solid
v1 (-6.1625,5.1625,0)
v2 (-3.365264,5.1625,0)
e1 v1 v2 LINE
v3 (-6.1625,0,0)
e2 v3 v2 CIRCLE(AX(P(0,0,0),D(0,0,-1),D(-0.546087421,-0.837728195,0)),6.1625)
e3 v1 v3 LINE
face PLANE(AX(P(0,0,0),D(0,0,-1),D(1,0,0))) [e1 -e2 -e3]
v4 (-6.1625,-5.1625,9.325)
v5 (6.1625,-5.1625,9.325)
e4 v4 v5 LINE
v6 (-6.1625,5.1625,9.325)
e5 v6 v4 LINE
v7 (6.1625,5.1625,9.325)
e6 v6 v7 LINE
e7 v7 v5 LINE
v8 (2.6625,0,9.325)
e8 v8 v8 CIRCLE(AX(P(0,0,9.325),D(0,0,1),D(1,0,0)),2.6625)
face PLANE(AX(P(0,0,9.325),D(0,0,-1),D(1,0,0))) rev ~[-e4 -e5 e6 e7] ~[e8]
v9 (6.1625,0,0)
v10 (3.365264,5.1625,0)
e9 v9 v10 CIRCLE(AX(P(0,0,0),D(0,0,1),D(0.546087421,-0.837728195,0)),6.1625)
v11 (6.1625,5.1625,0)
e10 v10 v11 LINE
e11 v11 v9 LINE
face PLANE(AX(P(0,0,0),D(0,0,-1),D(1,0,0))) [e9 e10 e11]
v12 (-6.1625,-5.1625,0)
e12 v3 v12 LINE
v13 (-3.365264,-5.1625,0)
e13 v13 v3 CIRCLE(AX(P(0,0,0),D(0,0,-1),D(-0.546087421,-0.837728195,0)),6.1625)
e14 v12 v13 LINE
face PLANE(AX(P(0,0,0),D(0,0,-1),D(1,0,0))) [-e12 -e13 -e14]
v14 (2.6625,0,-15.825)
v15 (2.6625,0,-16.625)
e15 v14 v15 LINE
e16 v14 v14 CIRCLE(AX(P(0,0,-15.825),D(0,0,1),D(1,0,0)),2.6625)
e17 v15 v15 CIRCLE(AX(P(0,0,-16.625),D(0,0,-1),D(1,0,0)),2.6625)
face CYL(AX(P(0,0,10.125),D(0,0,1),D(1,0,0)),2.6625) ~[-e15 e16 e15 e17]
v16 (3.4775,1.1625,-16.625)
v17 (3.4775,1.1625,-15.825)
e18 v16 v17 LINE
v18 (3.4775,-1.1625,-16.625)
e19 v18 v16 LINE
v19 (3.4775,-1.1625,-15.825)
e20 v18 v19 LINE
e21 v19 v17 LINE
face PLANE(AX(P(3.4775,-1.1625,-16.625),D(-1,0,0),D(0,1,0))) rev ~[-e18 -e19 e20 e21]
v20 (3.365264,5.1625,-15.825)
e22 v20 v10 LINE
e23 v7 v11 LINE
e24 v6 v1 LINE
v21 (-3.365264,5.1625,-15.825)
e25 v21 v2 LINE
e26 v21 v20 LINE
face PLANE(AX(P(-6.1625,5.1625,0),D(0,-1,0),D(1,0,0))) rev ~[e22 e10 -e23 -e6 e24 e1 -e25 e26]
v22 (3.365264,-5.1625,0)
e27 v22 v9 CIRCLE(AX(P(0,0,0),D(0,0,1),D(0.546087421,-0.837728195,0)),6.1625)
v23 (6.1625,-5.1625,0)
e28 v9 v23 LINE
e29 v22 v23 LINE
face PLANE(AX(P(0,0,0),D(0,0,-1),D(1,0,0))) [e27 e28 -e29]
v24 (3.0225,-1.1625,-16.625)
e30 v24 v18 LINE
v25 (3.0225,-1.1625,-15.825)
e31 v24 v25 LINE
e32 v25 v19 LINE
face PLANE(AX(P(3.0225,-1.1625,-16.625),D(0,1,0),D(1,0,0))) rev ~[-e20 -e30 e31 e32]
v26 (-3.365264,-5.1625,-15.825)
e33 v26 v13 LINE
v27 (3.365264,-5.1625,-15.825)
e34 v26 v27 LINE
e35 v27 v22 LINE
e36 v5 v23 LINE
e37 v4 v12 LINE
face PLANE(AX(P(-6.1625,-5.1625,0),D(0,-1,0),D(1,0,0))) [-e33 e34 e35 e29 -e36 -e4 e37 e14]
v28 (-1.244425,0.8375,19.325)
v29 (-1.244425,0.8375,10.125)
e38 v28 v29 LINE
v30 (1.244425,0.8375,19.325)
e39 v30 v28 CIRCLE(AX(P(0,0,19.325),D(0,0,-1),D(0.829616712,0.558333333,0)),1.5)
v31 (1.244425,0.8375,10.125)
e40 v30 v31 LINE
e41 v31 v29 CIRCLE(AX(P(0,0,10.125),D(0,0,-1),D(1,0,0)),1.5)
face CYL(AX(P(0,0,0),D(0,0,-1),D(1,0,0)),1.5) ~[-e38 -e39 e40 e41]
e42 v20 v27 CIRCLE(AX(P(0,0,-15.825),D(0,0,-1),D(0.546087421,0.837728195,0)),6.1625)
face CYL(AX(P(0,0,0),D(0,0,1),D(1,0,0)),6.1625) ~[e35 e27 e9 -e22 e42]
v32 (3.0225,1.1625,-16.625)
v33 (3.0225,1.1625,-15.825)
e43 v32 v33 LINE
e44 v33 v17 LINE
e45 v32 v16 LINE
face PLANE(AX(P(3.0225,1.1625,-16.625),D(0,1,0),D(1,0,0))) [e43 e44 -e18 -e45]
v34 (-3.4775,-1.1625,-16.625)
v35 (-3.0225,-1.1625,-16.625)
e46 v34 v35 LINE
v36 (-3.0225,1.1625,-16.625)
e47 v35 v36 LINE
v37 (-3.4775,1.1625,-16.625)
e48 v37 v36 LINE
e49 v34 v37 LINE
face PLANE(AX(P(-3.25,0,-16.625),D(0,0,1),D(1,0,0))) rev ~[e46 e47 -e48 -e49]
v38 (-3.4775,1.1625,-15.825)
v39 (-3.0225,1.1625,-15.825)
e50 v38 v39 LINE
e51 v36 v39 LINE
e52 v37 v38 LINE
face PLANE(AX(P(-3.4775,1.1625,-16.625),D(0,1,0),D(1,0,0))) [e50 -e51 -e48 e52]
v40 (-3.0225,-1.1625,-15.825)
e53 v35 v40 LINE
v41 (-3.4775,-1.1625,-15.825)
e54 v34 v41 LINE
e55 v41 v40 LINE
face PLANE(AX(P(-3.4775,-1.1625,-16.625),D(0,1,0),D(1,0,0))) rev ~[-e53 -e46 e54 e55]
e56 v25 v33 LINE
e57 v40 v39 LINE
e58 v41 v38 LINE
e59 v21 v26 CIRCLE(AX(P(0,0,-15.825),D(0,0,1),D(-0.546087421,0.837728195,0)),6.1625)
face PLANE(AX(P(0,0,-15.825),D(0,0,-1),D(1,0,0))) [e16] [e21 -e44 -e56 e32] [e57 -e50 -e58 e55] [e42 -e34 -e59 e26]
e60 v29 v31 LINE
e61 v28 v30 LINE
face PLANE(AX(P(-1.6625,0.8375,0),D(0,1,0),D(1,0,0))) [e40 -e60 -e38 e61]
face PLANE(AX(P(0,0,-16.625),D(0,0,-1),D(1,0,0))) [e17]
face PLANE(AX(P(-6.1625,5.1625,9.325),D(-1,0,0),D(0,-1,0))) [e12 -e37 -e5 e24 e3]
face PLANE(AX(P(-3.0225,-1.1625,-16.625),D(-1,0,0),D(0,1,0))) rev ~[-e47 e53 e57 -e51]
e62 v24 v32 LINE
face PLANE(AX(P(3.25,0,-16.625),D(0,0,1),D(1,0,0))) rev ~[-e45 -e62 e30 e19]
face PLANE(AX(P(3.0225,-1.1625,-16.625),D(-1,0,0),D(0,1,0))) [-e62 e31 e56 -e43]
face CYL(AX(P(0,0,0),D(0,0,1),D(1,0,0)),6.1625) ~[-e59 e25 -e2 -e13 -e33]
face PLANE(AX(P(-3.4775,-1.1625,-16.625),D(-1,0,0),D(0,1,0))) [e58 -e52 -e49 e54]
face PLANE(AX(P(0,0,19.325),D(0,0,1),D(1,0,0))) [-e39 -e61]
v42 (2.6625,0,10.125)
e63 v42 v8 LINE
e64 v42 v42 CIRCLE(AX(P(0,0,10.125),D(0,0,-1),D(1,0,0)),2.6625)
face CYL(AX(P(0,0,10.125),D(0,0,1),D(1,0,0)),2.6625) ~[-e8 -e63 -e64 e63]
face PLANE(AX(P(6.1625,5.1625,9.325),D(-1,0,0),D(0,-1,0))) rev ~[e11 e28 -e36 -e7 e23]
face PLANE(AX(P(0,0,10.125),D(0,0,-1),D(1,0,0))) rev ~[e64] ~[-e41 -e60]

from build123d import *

# Parameters (mm, degrees)
BOX003_W               = 3.325
BOX003_H               = 3.325
BOX003_DEPTH           = 19.325
CYLINDER002_R          = 1.5
CYLINDER002_DEPTH      = 19.325
BOX005_W               = 0.455
BOX005_H               = 2.325
BOX005_DEPTH           = 16.625
BOX004_W               = 0.455
BOX004_H               = 2.325
BOX004_DEPTH           = 16.625
CYLINDER001_R          = 2.6625
CYLINDER001_DEPTH      = 26.75
CYLINDER_R             = 6.1625
CYLINDER_DEPTH         = 15.825
BOX_W                  = 12.325
BOX_H                  = 10.325
BOX_DEPTH              = 15.825
BOX002_W               = 12.325
BOX002_H               = 10.325
BOX002_DEPTH           = 9.325
FUSION_PLACEMENT_ANGLE = 180


with BuildPart() as cube003:
    # Box003 → Box003 (new body)
    with BuildSketch(Plane(origin=(-1.6625, 0.8375, 0), x_dir=(1, 0, 0), z_dir=(0, 0, 1))):
        with Locations((1.6625, 1.6625)):
            Rectangle(BOX003_W, BOX003_H)
    extrude(amount=BOX003_DEPTH)


with BuildPart() as shaft:
    # Cylinder002 → Cylinder002 (new body)
    with BuildSketch(Plane.XY):
        Circle(CYLINDER002_R)
    extrude(amount=CYLINDER002_DEPTH)

    # Cut: cut Cube003
    add(cube003.part, mode=Mode.SUBTRACT)


with BuildPart() as cube005:
    # Box005 → Box005 (new body)
    with BuildSketch(Plane(origin=(-3.4775, -1.1625, -16.625), x_dir=(1, 0, 0), z_dir=(0, 0, 1))):
        with Locations((0.2275, 1.1625)):
            Rectangle(BOX005_W, BOX005_H)
    extrude(amount=BOX005_DEPTH)


with BuildPart() as contacts:
    # Box004 → Box004 (new body)
    with BuildSketch(Plane(origin=(3.0225, -1.1625, -16.625), x_dir=(1, 0, 0), z_dir=(0, 0, 1))):
        with Locations((0.2275, 1.1625)):
            Rectangle(BOX004_W, BOX004_H)
    extrude(amount=BOX004_DEPTH)

    # Fusion001: union Cube005
    add(cube005.part)


with BuildPart() as cylinder001:
    # Cylinder001 → Cylinder001 (new body)
    with BuildSketch(Plane.XY.offset(-10.125)):
        Circle(CYLINDER001_R)
    extrude(amount=CYLINDER001_DEPTH)


with BuildPart() as cylinder:
    # Cylinder → Cylinder (new body)
    with BuildSketch(Plane.XY):
        Circle(CYLINDER_R)
    extrude(amount=CYLINDER_DEPTH)


with BuildPart() as common:
    # Box → Box (new body)
    with BuildSketch(Plane(origin=(-6.1625, -5.1625, 0), x_dir=(1, 0, 0), z_dir=(0, 0, 1))):
        with Locations((6.1625, 5.1625)):
            Rectangle(BOX_W, BOX_H)
    extrude(amount=BOX_DEPTH)

    # Common: intersect Cylinder
    add(cylinder.part, mode=Mode.INTERSECT)


with BuildPart() as n20gearedmotor:
    # Box002 → Box002 (new body)
    with BuildSketch(Plane(origin=(-6.1625, -5.1625, -9.325), x_dir=(1, 0, 0), z_dir=(0, 0, 1))):
        with Locations((6.1625, 5.1625)):
            Rectangle(BOX002_W, BOX002_H)
    extrude(amount=BOX002_DEPTH)

    # Fusion: union Cylinder001, Common
    add(cylinder001.part)
    add(common.part)


with BuildPart() as n20gearedmotor_1:
    # Fusion placement: moved
    add(n20gearedmotor.part.rotate(Axis((0, 0, 0), (1, 0, 0)), FUSION_PLACEMENT_ANGLE))

    # Fusion002: union Shaft, Contacts
    add(shaft.part)
    add(contacts.part)


solid = n20gearedmotor_1.part
